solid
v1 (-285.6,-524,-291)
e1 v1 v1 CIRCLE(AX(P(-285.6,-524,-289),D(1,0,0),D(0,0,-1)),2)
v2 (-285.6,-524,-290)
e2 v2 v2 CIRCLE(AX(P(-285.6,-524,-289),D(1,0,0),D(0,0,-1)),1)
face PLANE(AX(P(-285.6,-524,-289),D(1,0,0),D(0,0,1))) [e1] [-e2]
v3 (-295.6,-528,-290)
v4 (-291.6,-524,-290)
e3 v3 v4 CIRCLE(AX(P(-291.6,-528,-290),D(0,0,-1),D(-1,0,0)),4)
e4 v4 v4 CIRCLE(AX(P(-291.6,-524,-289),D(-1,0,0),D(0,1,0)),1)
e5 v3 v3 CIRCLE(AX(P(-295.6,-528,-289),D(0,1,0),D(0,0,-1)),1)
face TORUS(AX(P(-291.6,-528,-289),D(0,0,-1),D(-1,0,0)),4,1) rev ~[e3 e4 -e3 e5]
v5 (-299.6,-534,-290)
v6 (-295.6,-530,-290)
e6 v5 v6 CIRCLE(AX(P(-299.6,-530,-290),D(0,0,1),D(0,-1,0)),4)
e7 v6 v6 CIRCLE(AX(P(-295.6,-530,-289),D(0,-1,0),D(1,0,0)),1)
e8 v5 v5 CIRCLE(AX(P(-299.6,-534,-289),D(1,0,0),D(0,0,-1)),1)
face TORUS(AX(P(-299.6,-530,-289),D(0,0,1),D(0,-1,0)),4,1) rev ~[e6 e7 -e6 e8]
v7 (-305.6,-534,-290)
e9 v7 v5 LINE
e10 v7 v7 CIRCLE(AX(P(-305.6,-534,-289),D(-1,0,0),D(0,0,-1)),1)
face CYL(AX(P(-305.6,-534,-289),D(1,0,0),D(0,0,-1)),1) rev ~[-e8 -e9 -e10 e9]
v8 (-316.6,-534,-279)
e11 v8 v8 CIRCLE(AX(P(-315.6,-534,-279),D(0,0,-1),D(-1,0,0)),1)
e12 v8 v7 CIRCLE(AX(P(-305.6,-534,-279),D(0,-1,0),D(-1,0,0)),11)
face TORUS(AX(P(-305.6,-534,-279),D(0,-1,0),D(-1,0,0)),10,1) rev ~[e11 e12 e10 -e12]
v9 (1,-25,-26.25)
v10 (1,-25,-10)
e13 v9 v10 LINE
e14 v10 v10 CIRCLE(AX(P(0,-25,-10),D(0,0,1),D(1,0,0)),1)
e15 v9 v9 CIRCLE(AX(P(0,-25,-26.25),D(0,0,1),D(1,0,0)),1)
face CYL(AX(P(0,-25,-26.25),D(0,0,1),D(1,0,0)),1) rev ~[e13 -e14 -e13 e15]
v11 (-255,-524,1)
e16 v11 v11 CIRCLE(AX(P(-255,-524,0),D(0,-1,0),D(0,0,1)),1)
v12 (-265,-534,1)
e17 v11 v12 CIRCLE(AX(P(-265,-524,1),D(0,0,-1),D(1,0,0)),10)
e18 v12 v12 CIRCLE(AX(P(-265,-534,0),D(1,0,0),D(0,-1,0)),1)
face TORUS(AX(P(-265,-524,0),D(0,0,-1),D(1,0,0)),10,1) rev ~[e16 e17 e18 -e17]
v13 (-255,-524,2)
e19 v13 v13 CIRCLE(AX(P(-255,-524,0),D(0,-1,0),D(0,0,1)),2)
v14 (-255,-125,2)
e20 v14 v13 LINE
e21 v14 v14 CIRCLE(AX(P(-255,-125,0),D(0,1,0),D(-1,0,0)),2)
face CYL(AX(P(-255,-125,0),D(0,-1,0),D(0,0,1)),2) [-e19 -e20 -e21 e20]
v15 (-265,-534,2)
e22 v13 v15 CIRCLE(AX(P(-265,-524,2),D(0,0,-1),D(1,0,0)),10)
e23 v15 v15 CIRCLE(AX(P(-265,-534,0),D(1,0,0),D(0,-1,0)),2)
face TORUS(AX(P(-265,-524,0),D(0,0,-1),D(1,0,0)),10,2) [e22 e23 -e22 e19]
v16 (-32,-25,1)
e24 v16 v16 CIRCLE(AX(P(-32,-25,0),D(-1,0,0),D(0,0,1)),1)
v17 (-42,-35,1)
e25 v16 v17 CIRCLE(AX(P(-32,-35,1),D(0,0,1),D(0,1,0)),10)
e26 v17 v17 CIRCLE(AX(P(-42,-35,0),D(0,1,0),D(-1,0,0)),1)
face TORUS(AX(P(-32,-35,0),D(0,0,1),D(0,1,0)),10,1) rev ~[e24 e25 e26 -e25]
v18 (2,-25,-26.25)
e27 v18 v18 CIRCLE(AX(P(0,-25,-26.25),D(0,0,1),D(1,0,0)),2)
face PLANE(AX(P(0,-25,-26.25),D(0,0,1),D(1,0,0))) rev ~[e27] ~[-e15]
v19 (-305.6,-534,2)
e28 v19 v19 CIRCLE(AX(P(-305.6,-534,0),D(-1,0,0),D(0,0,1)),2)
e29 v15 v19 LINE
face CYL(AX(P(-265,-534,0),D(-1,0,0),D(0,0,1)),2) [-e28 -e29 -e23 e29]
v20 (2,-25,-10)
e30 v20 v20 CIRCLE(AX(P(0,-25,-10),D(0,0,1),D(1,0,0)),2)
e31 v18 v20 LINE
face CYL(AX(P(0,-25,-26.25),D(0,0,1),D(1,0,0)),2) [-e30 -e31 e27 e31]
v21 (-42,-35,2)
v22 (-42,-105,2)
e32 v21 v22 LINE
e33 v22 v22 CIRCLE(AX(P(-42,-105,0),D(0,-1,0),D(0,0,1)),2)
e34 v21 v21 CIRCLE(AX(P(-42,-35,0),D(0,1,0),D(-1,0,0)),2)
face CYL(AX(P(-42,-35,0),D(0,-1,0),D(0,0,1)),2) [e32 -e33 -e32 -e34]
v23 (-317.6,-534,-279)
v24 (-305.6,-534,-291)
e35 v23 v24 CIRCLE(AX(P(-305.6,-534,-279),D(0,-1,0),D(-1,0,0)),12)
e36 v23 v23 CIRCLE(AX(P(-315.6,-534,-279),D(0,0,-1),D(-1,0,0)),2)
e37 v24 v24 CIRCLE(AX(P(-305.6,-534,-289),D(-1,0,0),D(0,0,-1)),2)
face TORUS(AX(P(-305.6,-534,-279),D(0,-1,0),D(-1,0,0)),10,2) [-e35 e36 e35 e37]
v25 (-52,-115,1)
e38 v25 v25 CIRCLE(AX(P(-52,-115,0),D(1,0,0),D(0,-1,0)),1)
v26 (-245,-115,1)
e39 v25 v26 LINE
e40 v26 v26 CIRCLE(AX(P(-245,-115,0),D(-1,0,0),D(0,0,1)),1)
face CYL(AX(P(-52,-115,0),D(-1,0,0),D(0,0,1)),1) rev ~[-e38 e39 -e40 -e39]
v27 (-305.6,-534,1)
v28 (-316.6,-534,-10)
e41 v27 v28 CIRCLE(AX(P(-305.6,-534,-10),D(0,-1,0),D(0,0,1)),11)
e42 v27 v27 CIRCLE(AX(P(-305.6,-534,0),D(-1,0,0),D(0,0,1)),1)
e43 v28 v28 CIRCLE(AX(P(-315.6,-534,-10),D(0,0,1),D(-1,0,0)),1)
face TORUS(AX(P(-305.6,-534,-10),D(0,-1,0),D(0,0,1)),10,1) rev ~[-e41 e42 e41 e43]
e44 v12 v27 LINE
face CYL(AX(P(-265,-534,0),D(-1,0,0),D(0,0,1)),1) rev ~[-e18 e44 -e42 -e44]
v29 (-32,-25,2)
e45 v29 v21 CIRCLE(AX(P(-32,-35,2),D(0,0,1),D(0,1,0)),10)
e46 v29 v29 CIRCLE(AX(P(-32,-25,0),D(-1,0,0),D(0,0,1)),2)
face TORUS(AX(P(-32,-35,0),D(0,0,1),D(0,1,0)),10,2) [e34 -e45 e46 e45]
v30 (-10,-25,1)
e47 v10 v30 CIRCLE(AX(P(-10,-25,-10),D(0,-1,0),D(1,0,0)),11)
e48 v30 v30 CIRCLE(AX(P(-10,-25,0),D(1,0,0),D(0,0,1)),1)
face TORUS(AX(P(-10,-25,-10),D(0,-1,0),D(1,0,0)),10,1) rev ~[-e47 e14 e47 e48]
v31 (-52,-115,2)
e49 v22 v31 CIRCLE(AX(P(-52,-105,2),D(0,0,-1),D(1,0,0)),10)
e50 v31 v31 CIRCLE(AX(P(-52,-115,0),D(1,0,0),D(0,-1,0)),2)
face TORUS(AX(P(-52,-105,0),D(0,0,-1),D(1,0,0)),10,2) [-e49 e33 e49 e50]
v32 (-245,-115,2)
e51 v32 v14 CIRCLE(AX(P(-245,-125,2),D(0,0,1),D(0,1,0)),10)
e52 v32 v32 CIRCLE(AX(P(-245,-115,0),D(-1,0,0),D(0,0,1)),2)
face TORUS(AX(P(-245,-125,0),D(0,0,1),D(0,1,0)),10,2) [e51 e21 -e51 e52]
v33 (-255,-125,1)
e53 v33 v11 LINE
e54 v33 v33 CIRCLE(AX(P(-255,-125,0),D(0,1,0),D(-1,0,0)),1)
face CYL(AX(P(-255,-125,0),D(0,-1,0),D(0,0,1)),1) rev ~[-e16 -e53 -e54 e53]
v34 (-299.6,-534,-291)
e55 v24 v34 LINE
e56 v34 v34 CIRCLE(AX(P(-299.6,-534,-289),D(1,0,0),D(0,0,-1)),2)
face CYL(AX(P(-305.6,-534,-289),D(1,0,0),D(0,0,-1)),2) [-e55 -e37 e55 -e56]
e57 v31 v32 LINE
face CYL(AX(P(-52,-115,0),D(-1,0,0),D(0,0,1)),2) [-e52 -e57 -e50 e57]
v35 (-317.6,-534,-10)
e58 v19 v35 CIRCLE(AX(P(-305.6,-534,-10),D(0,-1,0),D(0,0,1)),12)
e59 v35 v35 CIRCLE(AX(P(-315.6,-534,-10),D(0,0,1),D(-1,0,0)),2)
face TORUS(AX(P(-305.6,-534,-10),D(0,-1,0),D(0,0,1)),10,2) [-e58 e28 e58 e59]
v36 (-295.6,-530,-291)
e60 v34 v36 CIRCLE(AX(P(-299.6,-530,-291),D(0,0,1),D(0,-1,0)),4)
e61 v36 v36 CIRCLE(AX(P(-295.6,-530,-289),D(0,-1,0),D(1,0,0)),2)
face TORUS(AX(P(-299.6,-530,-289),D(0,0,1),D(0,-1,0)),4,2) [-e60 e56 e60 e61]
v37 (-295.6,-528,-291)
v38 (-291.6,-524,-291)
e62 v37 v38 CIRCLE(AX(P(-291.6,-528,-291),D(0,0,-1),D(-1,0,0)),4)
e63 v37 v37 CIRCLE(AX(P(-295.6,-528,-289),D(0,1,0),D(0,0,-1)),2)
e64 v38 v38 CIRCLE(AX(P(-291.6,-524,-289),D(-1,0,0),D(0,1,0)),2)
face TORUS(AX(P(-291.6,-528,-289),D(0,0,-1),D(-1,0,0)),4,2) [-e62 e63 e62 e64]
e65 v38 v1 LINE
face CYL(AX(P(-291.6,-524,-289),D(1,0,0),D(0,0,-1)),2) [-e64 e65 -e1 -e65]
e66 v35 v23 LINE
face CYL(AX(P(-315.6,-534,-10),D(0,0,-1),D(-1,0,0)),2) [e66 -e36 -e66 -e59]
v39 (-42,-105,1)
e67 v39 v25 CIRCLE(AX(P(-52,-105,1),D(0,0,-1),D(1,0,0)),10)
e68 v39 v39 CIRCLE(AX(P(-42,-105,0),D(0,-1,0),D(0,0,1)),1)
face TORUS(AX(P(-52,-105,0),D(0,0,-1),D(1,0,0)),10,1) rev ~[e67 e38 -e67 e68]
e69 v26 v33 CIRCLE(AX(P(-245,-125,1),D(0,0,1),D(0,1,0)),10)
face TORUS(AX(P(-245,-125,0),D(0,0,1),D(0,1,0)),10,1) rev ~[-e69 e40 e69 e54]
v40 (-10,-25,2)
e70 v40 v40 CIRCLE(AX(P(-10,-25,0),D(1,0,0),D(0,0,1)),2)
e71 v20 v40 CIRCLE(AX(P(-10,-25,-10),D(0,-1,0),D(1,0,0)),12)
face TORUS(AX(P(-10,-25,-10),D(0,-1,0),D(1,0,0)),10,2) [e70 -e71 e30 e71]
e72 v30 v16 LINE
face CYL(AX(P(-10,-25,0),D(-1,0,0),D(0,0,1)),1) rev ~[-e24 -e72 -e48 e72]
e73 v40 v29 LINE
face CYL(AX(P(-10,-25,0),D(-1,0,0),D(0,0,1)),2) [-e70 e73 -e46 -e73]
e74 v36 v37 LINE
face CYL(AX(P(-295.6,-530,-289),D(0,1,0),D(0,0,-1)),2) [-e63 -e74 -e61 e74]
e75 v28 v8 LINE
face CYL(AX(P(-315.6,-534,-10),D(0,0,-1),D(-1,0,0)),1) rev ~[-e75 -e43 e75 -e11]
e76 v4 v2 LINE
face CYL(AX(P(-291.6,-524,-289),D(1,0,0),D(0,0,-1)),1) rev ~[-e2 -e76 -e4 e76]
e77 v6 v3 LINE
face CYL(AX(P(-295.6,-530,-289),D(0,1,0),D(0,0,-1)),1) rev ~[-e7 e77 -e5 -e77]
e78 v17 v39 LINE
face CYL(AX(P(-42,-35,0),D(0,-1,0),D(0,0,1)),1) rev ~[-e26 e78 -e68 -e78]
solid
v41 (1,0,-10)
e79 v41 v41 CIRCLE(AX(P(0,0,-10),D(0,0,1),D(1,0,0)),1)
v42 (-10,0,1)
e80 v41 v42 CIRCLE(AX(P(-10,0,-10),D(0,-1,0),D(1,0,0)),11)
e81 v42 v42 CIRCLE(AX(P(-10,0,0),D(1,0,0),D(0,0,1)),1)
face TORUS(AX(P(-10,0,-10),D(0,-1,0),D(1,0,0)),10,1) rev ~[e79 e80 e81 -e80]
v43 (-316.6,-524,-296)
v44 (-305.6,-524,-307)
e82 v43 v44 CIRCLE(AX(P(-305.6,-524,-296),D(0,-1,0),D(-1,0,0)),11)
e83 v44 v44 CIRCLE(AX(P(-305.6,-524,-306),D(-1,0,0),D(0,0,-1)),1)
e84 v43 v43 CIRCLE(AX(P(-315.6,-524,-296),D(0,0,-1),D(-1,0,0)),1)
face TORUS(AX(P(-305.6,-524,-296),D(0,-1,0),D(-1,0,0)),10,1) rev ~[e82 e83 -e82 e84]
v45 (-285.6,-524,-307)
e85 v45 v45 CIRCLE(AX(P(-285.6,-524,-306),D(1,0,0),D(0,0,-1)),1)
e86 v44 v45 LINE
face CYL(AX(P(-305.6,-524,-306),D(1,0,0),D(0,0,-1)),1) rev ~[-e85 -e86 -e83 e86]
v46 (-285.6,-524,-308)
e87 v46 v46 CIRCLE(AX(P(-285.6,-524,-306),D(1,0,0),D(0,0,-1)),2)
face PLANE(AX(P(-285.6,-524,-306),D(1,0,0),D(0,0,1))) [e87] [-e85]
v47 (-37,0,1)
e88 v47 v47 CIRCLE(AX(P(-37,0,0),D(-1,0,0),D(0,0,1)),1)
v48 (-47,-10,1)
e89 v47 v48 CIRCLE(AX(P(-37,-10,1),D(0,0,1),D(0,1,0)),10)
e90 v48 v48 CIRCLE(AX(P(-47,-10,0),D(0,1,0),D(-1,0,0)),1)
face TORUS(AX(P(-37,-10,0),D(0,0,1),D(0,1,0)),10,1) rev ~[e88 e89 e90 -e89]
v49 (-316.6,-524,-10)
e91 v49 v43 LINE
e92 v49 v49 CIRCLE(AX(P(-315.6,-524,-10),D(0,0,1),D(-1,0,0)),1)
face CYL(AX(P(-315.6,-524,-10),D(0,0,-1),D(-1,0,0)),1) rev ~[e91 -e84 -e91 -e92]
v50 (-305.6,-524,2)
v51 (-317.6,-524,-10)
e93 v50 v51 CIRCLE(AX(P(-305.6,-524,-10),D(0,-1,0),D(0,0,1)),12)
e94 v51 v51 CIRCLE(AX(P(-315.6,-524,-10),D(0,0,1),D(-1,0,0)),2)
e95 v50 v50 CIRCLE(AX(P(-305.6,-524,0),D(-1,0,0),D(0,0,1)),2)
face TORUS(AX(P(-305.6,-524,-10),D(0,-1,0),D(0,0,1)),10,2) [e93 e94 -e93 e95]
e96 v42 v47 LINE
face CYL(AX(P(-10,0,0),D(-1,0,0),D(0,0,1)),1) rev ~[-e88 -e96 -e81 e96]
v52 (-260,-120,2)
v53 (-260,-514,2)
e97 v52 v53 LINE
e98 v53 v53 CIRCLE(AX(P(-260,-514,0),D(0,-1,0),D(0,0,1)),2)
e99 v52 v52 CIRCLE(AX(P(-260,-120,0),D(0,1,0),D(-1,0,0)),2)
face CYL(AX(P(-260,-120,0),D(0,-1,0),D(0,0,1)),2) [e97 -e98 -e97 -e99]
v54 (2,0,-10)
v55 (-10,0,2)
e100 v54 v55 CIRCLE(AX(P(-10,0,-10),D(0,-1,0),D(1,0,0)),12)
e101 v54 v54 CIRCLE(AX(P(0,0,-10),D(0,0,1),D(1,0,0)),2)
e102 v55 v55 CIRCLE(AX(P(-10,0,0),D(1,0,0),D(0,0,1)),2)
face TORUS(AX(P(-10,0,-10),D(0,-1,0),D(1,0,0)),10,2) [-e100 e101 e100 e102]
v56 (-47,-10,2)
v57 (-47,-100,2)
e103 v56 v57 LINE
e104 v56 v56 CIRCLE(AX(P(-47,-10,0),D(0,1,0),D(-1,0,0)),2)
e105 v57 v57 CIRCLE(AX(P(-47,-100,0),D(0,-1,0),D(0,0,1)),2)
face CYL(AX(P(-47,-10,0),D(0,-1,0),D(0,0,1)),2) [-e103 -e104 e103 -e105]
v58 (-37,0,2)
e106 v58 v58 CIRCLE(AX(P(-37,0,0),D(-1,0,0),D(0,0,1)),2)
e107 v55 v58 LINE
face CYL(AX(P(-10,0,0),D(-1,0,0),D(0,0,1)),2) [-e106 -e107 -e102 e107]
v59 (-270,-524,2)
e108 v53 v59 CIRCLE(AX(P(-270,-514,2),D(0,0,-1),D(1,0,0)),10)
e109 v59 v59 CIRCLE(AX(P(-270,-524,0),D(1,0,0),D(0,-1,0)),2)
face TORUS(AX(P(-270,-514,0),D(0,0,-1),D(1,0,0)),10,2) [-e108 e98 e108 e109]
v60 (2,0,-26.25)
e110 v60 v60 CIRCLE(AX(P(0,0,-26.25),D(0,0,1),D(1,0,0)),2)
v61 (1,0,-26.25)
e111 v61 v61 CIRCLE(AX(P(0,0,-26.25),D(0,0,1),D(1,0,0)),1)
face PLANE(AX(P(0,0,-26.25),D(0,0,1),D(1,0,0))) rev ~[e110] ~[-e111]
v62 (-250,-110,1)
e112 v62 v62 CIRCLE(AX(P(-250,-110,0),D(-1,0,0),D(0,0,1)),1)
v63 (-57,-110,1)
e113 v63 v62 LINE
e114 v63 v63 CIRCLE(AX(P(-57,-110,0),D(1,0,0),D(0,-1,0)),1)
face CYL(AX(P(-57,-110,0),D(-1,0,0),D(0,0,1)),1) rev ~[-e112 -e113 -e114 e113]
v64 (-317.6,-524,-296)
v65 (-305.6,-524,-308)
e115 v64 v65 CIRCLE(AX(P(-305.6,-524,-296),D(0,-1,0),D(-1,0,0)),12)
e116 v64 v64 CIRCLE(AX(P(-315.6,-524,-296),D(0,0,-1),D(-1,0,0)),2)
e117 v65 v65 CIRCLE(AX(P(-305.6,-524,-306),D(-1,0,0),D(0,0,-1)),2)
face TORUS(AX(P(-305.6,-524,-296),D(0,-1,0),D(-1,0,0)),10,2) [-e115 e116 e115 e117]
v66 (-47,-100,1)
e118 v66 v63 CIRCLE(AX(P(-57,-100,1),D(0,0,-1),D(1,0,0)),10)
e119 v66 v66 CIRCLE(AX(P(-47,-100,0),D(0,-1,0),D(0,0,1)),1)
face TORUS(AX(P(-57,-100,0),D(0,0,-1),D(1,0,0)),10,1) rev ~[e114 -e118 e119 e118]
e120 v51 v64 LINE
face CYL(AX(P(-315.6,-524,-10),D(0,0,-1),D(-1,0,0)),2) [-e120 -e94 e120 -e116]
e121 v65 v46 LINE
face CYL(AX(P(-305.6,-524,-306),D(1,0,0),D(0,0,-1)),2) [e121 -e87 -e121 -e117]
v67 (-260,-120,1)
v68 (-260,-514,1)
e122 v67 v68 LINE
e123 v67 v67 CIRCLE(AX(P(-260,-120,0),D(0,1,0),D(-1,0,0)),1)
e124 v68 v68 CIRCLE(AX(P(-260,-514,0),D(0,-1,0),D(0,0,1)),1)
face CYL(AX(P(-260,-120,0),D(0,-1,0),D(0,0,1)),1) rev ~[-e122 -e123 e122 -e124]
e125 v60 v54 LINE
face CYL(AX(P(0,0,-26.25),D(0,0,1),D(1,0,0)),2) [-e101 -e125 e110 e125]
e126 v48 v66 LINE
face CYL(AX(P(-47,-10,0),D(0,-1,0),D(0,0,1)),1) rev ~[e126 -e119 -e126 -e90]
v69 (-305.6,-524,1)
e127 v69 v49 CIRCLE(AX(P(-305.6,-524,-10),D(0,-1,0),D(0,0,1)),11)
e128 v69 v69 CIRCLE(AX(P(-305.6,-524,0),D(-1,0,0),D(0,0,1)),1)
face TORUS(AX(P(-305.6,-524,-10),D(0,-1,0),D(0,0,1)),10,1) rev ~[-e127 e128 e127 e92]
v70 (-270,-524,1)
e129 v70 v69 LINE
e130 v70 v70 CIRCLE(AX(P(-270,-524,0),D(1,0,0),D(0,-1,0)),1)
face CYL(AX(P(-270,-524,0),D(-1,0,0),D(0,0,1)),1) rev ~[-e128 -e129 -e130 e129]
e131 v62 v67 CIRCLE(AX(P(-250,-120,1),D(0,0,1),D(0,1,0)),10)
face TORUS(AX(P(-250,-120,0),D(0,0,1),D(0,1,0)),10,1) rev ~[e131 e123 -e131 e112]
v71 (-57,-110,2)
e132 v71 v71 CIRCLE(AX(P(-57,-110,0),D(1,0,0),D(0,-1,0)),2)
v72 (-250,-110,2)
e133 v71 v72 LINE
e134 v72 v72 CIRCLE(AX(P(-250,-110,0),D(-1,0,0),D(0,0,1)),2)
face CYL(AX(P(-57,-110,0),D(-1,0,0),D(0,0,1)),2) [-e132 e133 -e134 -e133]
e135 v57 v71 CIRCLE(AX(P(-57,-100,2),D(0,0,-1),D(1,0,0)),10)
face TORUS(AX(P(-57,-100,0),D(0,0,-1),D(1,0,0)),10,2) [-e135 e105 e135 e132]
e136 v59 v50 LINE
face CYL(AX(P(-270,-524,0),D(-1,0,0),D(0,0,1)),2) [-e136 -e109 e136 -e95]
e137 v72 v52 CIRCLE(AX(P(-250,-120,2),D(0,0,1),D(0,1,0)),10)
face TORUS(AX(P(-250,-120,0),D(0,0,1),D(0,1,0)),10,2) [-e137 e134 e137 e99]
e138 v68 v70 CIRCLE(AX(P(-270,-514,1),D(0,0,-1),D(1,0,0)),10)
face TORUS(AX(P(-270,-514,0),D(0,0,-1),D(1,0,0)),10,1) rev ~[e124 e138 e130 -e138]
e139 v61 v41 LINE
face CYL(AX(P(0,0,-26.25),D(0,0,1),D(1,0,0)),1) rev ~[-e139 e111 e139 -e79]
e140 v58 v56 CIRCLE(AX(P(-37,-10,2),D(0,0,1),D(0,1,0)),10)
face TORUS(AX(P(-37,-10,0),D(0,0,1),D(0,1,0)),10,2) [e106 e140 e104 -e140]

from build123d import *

# Parameters (mm, degrees)
SKETCH7_R    = 2
SKETCH7_R_2  = 1
SKETCH11_R   = 2
SKETCH11_R_2 = 1


with BuildPart() as part:
    # Sweep2: sweep along a curve in space
    with BuildLine() as sweep2_path:
        Line((0, 0, -26.25), (0, 0, -10))
        ThreePointArc((0, 0, -10), (-2.928932188, 0, -2.928932188), (-10, 0, 0))
        Line((-10, 0, 0), (-37, 0, 0))
        ThreePointArc((-37, 0, 0), (-44.071067812, -2.928932188, 0), (-47, -10, 0))
        Line((-47, -10, 0), (-47, -100, 0))
        ThreePointArc((-47, -100, 0), (-49.928932188, -107.071067812, 0), (-57, -110, 0))
        Line((-57, -110, 0), (-250, -110, 0))
        ThreePointArc((-250, -110, 0), (-257.071067812, -112.928932188, 0), (-260, -120, 0))
        Line((-260, -120, 0), (-260, -514, 0))
        ThreePointArc((-260, -514, 0), (-262.928932188, -521.071067812, 0), (-270, -524, 0))
        Line((-270, -524, 0), (-305.6, -524, 0))
        ThreePointArc((-305.6, -524, 0), (-312.671067812, -524, -2.928932188), (-315.6, -524, -10))
        Line((-315.6, -524, -10), (-315.6, -524, -296))
        ThreePointArc((-315.6, -524, -296), (-312.671067812, -524, -303.071067812), (-305.6, -524, -306))
        Line((-305.6, -524, -306), (-285.6, -524, -306))
    # Sketch7 → Sweep2 (sweep)
    with BuildSketch(Plane.XY.offset(-26.25)):
        Circle(SKETCH7_R)
        Circle(SKETCH7_R_2, mode=Mode.SUBTRACT)
    sweep(path=sweep2_path.line)


with BuildPart() as body_2:
    # Sweep3: sweep along a curve in space
    with BuildLine() as sweep3_path:
        Line((0, -25, -26.25), (0, -25, -10))
        ThreePointArc((0, -25, -10), (-2.928932188, -25, -2.928932188), (-10, -25, 0))
        Line((-10, -25, 0), (-32, -25, 0))
        ThreePointArc((-32, -25, 0), (-39.071067812, -27.928932188, 0), (-42, -35, 0))
        Line((-42, -35, 0), (-42, -105, 0))
        ThreePointArc((-42, -105, 0), (-44.928932188, -112.071067812, 0), (-52, -115, 0))
        Line((-52, -115, 0), (-245, -115, 0))
        ThreePointArc((-245, -115, 0), (-252.071067812, -117.928932188, 0), (-255, -125, 0))
        Line((-255, -125, 0), (-255, -524, 0))
        ThreePointArc((-255, -524, 0), (-257.928932188, -531.071067812, 0), (-265, -534, 0))
        Line((-265, -534, 0), (-305.6, -534, 0))
        ThreePointArc((-305.6, -534, 0), (-312.671067812, -534, -2.928932188), (-315.6, -534, -10))
        Line((-315.6, -534, -10), (-315.6, -534, -279))
        ThreePointArc((-315.6, -534, -279), (-312.671067812, -534, -286.071067812), (-305.6, -534, -289))
        Line((-305.6, -534, -289), (-299.6, -534, -289))
        ThreePointArc((-299.6, -534, -289), (-296.771572875, -532.828427125, -289), (-295.6, -530, -289))
        Line((-295.6, -530, -289), (-295.6, -528, -289))
        ThreePointArc((-295.6, -528, -289), (-294.428427125, -525.171572875, -289), (-291.6, -524, -289))
        Line((-291.6, -524, -289), (-285.6, -524, -289))
    # Sketch11 → Sweep3 (sweep)
    with BuildSketch(Plane.XY.offset(-26.25)):
        with Locations((0, -25)):
            Circle(SKETCH11_R)
        with Locations((0, -25)):
            Circle(SKETCH11_R_2, mode=Mode.SUBTRACT)
    sweep(path=sweep3_path.line)


solid = Compound([part.part, body_2.part])
